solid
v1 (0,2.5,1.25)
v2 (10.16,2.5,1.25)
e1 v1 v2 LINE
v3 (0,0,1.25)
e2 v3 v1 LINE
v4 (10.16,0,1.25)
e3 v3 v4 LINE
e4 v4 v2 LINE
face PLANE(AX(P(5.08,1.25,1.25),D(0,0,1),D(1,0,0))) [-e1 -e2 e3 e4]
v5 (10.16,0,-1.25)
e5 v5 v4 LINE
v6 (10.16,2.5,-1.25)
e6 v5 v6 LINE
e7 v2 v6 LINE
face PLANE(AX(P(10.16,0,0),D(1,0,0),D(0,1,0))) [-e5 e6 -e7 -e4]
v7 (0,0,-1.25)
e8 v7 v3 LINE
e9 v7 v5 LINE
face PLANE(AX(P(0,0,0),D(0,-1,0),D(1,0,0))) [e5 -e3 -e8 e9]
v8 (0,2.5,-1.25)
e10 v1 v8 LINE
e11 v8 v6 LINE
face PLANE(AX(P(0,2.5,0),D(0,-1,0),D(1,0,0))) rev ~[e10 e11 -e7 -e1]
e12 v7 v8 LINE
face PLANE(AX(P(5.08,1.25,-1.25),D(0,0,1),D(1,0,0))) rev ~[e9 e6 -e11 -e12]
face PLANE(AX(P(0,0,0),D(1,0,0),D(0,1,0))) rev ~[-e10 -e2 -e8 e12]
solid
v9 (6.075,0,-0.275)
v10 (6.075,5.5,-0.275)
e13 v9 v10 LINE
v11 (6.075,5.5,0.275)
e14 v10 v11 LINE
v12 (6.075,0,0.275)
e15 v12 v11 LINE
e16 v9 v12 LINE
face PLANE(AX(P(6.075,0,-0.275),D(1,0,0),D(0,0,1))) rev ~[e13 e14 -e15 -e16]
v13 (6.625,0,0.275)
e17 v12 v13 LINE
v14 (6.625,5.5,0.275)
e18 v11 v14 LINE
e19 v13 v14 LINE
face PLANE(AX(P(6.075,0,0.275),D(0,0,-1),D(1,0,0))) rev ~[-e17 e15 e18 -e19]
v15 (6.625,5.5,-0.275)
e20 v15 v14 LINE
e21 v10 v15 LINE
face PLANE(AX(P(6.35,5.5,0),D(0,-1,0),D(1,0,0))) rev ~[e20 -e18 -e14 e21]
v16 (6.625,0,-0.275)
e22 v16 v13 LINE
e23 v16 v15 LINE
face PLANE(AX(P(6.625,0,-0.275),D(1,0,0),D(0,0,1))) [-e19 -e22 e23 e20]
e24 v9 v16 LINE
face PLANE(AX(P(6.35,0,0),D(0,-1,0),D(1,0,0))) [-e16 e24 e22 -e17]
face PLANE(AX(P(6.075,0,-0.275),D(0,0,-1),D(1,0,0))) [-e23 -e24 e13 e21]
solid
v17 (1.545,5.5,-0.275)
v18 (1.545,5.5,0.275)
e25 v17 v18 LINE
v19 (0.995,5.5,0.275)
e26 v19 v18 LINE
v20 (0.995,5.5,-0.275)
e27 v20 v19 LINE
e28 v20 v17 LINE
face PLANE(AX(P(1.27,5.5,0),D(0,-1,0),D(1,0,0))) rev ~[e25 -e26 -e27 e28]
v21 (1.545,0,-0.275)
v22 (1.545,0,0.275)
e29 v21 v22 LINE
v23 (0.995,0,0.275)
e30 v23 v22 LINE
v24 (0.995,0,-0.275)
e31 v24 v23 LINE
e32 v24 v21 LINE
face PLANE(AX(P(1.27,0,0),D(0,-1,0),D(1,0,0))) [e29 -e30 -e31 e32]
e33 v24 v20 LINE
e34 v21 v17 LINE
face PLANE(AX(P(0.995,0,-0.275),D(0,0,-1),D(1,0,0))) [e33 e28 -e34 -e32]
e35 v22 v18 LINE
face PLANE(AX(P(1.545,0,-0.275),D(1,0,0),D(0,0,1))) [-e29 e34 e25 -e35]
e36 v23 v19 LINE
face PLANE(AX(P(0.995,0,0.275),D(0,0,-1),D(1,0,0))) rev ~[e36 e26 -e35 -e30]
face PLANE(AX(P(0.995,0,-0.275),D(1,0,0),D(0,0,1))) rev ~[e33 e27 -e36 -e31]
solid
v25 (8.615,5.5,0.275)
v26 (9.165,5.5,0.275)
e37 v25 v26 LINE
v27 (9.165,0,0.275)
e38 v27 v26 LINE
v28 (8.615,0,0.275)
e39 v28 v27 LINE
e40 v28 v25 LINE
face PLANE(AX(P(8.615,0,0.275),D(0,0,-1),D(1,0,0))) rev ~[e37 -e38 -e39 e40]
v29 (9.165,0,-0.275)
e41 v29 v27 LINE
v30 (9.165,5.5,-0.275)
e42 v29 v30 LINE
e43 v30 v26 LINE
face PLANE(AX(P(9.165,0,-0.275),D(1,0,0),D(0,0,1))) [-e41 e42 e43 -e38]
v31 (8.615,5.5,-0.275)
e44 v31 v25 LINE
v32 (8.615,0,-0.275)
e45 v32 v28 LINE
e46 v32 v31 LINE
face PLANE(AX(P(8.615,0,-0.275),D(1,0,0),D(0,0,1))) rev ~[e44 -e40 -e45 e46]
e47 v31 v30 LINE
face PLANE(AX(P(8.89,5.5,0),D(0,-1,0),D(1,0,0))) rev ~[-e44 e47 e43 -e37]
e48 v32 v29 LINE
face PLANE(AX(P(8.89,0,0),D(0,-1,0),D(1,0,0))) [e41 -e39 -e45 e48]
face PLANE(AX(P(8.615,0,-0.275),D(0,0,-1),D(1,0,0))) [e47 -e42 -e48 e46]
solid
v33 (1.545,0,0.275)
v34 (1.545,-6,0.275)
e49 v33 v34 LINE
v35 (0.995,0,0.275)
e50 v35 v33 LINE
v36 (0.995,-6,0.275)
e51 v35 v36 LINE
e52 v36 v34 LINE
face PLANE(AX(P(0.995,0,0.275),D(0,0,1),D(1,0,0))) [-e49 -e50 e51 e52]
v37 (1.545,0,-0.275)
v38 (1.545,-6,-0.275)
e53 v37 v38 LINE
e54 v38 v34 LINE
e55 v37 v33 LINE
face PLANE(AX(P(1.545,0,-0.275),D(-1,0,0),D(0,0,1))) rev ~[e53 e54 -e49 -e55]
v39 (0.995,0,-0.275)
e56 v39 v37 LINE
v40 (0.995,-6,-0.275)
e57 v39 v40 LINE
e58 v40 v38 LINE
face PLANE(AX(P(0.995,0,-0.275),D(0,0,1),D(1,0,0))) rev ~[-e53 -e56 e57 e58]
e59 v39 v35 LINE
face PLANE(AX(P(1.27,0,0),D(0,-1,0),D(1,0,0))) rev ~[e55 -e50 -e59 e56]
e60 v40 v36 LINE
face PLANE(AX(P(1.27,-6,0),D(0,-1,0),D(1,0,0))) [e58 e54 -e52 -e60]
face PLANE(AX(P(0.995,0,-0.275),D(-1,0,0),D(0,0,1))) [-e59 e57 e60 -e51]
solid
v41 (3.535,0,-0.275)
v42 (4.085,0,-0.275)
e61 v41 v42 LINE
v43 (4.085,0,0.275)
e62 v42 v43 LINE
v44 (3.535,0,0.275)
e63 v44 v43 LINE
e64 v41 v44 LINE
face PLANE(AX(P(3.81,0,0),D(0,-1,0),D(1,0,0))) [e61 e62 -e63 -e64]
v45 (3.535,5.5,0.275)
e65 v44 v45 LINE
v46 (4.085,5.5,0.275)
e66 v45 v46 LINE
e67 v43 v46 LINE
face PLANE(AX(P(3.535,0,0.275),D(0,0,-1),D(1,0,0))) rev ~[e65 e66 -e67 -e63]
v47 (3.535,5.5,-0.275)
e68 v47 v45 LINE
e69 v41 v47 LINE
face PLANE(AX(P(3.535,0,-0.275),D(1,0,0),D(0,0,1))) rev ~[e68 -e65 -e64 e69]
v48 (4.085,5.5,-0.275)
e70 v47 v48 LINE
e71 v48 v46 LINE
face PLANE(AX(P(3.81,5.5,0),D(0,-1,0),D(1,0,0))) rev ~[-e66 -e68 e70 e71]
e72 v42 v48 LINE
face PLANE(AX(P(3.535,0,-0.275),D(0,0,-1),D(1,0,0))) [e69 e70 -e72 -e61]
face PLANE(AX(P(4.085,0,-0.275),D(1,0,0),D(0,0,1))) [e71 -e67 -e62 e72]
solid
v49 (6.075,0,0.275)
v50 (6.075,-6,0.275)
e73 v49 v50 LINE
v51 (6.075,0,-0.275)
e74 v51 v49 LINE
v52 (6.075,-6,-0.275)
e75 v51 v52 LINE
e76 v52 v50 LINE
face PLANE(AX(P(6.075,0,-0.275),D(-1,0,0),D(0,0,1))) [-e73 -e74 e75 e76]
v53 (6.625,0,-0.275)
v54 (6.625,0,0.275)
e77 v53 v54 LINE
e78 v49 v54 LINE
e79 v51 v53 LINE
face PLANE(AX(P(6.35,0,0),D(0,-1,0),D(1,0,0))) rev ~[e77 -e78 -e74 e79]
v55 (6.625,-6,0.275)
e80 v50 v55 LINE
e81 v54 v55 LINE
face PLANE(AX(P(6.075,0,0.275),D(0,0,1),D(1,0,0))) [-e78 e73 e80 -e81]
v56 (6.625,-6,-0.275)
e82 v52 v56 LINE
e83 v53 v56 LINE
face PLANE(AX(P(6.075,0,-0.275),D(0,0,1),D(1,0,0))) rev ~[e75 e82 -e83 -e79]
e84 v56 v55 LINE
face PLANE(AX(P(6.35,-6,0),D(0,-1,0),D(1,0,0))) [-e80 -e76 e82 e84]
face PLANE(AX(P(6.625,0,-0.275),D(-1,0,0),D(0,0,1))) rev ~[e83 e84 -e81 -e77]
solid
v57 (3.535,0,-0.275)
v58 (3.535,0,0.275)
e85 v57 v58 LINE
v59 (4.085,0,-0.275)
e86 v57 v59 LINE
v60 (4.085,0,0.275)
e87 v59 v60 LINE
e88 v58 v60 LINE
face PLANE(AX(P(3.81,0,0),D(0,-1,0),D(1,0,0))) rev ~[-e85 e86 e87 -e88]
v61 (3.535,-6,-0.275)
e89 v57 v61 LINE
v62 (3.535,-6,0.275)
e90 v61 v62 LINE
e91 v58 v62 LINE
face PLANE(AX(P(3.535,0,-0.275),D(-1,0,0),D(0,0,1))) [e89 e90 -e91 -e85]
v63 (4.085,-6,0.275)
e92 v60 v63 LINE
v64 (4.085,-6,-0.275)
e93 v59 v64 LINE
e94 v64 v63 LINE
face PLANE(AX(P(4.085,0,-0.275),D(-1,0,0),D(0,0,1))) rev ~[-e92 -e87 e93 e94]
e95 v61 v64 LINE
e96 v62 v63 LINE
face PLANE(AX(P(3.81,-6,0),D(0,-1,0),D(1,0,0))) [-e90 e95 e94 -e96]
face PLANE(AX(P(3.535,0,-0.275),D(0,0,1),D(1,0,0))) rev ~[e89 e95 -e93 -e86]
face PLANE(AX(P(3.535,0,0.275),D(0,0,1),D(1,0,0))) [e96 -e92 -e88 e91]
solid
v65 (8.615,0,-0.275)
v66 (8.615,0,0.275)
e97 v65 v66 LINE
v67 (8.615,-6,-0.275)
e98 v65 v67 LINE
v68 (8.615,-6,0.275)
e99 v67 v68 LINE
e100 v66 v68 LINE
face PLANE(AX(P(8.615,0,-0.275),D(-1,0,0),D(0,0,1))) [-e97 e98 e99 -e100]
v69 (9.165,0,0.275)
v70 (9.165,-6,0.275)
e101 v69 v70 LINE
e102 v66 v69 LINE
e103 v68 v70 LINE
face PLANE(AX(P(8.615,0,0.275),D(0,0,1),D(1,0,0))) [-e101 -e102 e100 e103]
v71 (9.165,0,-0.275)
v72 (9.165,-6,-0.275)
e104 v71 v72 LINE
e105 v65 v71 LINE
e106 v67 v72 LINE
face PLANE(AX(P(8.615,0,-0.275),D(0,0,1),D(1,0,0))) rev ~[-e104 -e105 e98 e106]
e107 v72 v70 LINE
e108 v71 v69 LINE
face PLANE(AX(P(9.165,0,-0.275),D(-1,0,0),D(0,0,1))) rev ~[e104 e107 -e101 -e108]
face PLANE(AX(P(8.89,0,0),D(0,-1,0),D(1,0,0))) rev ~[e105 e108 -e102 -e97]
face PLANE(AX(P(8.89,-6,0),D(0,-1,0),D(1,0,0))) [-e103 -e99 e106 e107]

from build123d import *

# Parameters (mm, degrees)
SKETCH1_W             = 10.16
SKETCH1_H             = 2.5
BOSS_EXTRUDE1_DEPTH   = 1.25
SKETCH2_W             = 0.55
SKETCH2_H             = 0.55
BOSS_EXTRUDE2_DEPTH   = 6
BOSS_EXTRUDE2_2_DEPTH = 6
BOSS_EXTRUDE2_3_DEPTH = 6
BOSS_EXTRUDE2_4_DEPTH = 6
SKETCH2_2_W           = 0.55
SKETCH2_2_H           = 0.55
BOSS_EXTRUDE3_DEPTH   = 5.5
BOSS_EXTRUDE3_2_DEPTH = 5.5
BOSS_EXTRUDE3_3_DEPTH = 5.5
BOSS_EXTRUDE3_4_DEPTH = 5.5


with BuildPart() as part:
    # Sketch1 → Boss-Extrude1 (new body, symmetric)
    with BuildSketch(Plane.XY):
        with Locations((5.08, 1.25)):
            Rectangle(SKETCH1_W, SKETCH1_H)
    extrude(amount=BOSS_EXTRUDE1_DEPTH, both=True)


with BuildPart() as body_2:
    # Sketch2 → Boss-Extrude2 (new body)
    with BuildSketch(Plane.XZ):
        with Locations((3.81, 0)):
            Rectangle(SKETCH2_W, SKETCH2_H)
    extrude(amount=BOSS_EXTRUDE2_DEPTH)


with BuildPart() as body_3:
    # Sketch2 → Boss-Extrude2 2 (new body)
    with BuildSketch(Plane.XZ):
        with Locations((1.27, 0)):
            Rectangle(SKETCH2_W, SKETCH2_H)
    extrude(amount=BOSS_EXTRUDE2_2_DEPTH)


with BuildPart() as body_4:
    # Sketch2 → Boss-Extrude2 3 (new body)
    with BuildSketch(Plane.XZ):
        with Locations((6.35, 0)):
            Rectangle(SKETCH2_W, SKETCH2_H)
    extrude(amount=BOSS_EXTRUDE2_3_DEPTH)


with BuildPart() as body_5:
    # Sketch2 → Boss-Extrude2 4 (new body)
    with BuildSketch(Plane.XZ):
        with Locations((8.89, 0)):
            Rectangle(SKETCH2_W, SKETCH2_H)
    extrude(amount=BOSS_EXTRUDE2_4_DEPTH)


with BuildPart() as body_6:
    # Sketch2_2 → Boss-Extrude3 (new body)
    with BuildSketch(Plane.XZ):
        with Locations((3.81, 0)):
            Rectangle(SKETCH2_2_W, SKETCH2_2_H)
    extrude(amount=-BOSS_EXTRUDE3_DEPTH)


with BuildPart() as body_7:
    # Sketch2_2 → Boss-Extrude3 2 (new body)
    with BuildSketch(Plane.XZ):
        with Locations((1.27, 0)):
            Rectangle(SKETCH2_2_W, SKETCH2_2_H)
    extrude(amount=-BOSS_EXTRUDE3_2_DEPTH)


with BuildPart() as body_8:
    # Sketch2_2 → Boss-Extrude3 3 (new body)
    with BuildSketch(Plane.XZ):
        with Locations((6.35, 0)):
            Rectangle(SKETCH2_2_W, SKETCH2_2_H)
    extrude(amount=-BOSS_EXTRUDE3_3_DEPTH)


with BuildPart() as body_9:
    # Sketch2_2 → Boss-Extrude3 4 (new body)
    with BuildSketch(Plane.XZ):
        with Locations((8.89, 0)):
            Rectangle(SKETCH2_2_W, SKETCH2_2_H)
    extrude(amount=-BOSS_EXTRUDE3_4_DEPTH)


solid = Compound([part.part, body_2.part, body_3.part, body_4.part, body_5.part, body_6.part, body_7.part, body_8.part, body_9.part])
